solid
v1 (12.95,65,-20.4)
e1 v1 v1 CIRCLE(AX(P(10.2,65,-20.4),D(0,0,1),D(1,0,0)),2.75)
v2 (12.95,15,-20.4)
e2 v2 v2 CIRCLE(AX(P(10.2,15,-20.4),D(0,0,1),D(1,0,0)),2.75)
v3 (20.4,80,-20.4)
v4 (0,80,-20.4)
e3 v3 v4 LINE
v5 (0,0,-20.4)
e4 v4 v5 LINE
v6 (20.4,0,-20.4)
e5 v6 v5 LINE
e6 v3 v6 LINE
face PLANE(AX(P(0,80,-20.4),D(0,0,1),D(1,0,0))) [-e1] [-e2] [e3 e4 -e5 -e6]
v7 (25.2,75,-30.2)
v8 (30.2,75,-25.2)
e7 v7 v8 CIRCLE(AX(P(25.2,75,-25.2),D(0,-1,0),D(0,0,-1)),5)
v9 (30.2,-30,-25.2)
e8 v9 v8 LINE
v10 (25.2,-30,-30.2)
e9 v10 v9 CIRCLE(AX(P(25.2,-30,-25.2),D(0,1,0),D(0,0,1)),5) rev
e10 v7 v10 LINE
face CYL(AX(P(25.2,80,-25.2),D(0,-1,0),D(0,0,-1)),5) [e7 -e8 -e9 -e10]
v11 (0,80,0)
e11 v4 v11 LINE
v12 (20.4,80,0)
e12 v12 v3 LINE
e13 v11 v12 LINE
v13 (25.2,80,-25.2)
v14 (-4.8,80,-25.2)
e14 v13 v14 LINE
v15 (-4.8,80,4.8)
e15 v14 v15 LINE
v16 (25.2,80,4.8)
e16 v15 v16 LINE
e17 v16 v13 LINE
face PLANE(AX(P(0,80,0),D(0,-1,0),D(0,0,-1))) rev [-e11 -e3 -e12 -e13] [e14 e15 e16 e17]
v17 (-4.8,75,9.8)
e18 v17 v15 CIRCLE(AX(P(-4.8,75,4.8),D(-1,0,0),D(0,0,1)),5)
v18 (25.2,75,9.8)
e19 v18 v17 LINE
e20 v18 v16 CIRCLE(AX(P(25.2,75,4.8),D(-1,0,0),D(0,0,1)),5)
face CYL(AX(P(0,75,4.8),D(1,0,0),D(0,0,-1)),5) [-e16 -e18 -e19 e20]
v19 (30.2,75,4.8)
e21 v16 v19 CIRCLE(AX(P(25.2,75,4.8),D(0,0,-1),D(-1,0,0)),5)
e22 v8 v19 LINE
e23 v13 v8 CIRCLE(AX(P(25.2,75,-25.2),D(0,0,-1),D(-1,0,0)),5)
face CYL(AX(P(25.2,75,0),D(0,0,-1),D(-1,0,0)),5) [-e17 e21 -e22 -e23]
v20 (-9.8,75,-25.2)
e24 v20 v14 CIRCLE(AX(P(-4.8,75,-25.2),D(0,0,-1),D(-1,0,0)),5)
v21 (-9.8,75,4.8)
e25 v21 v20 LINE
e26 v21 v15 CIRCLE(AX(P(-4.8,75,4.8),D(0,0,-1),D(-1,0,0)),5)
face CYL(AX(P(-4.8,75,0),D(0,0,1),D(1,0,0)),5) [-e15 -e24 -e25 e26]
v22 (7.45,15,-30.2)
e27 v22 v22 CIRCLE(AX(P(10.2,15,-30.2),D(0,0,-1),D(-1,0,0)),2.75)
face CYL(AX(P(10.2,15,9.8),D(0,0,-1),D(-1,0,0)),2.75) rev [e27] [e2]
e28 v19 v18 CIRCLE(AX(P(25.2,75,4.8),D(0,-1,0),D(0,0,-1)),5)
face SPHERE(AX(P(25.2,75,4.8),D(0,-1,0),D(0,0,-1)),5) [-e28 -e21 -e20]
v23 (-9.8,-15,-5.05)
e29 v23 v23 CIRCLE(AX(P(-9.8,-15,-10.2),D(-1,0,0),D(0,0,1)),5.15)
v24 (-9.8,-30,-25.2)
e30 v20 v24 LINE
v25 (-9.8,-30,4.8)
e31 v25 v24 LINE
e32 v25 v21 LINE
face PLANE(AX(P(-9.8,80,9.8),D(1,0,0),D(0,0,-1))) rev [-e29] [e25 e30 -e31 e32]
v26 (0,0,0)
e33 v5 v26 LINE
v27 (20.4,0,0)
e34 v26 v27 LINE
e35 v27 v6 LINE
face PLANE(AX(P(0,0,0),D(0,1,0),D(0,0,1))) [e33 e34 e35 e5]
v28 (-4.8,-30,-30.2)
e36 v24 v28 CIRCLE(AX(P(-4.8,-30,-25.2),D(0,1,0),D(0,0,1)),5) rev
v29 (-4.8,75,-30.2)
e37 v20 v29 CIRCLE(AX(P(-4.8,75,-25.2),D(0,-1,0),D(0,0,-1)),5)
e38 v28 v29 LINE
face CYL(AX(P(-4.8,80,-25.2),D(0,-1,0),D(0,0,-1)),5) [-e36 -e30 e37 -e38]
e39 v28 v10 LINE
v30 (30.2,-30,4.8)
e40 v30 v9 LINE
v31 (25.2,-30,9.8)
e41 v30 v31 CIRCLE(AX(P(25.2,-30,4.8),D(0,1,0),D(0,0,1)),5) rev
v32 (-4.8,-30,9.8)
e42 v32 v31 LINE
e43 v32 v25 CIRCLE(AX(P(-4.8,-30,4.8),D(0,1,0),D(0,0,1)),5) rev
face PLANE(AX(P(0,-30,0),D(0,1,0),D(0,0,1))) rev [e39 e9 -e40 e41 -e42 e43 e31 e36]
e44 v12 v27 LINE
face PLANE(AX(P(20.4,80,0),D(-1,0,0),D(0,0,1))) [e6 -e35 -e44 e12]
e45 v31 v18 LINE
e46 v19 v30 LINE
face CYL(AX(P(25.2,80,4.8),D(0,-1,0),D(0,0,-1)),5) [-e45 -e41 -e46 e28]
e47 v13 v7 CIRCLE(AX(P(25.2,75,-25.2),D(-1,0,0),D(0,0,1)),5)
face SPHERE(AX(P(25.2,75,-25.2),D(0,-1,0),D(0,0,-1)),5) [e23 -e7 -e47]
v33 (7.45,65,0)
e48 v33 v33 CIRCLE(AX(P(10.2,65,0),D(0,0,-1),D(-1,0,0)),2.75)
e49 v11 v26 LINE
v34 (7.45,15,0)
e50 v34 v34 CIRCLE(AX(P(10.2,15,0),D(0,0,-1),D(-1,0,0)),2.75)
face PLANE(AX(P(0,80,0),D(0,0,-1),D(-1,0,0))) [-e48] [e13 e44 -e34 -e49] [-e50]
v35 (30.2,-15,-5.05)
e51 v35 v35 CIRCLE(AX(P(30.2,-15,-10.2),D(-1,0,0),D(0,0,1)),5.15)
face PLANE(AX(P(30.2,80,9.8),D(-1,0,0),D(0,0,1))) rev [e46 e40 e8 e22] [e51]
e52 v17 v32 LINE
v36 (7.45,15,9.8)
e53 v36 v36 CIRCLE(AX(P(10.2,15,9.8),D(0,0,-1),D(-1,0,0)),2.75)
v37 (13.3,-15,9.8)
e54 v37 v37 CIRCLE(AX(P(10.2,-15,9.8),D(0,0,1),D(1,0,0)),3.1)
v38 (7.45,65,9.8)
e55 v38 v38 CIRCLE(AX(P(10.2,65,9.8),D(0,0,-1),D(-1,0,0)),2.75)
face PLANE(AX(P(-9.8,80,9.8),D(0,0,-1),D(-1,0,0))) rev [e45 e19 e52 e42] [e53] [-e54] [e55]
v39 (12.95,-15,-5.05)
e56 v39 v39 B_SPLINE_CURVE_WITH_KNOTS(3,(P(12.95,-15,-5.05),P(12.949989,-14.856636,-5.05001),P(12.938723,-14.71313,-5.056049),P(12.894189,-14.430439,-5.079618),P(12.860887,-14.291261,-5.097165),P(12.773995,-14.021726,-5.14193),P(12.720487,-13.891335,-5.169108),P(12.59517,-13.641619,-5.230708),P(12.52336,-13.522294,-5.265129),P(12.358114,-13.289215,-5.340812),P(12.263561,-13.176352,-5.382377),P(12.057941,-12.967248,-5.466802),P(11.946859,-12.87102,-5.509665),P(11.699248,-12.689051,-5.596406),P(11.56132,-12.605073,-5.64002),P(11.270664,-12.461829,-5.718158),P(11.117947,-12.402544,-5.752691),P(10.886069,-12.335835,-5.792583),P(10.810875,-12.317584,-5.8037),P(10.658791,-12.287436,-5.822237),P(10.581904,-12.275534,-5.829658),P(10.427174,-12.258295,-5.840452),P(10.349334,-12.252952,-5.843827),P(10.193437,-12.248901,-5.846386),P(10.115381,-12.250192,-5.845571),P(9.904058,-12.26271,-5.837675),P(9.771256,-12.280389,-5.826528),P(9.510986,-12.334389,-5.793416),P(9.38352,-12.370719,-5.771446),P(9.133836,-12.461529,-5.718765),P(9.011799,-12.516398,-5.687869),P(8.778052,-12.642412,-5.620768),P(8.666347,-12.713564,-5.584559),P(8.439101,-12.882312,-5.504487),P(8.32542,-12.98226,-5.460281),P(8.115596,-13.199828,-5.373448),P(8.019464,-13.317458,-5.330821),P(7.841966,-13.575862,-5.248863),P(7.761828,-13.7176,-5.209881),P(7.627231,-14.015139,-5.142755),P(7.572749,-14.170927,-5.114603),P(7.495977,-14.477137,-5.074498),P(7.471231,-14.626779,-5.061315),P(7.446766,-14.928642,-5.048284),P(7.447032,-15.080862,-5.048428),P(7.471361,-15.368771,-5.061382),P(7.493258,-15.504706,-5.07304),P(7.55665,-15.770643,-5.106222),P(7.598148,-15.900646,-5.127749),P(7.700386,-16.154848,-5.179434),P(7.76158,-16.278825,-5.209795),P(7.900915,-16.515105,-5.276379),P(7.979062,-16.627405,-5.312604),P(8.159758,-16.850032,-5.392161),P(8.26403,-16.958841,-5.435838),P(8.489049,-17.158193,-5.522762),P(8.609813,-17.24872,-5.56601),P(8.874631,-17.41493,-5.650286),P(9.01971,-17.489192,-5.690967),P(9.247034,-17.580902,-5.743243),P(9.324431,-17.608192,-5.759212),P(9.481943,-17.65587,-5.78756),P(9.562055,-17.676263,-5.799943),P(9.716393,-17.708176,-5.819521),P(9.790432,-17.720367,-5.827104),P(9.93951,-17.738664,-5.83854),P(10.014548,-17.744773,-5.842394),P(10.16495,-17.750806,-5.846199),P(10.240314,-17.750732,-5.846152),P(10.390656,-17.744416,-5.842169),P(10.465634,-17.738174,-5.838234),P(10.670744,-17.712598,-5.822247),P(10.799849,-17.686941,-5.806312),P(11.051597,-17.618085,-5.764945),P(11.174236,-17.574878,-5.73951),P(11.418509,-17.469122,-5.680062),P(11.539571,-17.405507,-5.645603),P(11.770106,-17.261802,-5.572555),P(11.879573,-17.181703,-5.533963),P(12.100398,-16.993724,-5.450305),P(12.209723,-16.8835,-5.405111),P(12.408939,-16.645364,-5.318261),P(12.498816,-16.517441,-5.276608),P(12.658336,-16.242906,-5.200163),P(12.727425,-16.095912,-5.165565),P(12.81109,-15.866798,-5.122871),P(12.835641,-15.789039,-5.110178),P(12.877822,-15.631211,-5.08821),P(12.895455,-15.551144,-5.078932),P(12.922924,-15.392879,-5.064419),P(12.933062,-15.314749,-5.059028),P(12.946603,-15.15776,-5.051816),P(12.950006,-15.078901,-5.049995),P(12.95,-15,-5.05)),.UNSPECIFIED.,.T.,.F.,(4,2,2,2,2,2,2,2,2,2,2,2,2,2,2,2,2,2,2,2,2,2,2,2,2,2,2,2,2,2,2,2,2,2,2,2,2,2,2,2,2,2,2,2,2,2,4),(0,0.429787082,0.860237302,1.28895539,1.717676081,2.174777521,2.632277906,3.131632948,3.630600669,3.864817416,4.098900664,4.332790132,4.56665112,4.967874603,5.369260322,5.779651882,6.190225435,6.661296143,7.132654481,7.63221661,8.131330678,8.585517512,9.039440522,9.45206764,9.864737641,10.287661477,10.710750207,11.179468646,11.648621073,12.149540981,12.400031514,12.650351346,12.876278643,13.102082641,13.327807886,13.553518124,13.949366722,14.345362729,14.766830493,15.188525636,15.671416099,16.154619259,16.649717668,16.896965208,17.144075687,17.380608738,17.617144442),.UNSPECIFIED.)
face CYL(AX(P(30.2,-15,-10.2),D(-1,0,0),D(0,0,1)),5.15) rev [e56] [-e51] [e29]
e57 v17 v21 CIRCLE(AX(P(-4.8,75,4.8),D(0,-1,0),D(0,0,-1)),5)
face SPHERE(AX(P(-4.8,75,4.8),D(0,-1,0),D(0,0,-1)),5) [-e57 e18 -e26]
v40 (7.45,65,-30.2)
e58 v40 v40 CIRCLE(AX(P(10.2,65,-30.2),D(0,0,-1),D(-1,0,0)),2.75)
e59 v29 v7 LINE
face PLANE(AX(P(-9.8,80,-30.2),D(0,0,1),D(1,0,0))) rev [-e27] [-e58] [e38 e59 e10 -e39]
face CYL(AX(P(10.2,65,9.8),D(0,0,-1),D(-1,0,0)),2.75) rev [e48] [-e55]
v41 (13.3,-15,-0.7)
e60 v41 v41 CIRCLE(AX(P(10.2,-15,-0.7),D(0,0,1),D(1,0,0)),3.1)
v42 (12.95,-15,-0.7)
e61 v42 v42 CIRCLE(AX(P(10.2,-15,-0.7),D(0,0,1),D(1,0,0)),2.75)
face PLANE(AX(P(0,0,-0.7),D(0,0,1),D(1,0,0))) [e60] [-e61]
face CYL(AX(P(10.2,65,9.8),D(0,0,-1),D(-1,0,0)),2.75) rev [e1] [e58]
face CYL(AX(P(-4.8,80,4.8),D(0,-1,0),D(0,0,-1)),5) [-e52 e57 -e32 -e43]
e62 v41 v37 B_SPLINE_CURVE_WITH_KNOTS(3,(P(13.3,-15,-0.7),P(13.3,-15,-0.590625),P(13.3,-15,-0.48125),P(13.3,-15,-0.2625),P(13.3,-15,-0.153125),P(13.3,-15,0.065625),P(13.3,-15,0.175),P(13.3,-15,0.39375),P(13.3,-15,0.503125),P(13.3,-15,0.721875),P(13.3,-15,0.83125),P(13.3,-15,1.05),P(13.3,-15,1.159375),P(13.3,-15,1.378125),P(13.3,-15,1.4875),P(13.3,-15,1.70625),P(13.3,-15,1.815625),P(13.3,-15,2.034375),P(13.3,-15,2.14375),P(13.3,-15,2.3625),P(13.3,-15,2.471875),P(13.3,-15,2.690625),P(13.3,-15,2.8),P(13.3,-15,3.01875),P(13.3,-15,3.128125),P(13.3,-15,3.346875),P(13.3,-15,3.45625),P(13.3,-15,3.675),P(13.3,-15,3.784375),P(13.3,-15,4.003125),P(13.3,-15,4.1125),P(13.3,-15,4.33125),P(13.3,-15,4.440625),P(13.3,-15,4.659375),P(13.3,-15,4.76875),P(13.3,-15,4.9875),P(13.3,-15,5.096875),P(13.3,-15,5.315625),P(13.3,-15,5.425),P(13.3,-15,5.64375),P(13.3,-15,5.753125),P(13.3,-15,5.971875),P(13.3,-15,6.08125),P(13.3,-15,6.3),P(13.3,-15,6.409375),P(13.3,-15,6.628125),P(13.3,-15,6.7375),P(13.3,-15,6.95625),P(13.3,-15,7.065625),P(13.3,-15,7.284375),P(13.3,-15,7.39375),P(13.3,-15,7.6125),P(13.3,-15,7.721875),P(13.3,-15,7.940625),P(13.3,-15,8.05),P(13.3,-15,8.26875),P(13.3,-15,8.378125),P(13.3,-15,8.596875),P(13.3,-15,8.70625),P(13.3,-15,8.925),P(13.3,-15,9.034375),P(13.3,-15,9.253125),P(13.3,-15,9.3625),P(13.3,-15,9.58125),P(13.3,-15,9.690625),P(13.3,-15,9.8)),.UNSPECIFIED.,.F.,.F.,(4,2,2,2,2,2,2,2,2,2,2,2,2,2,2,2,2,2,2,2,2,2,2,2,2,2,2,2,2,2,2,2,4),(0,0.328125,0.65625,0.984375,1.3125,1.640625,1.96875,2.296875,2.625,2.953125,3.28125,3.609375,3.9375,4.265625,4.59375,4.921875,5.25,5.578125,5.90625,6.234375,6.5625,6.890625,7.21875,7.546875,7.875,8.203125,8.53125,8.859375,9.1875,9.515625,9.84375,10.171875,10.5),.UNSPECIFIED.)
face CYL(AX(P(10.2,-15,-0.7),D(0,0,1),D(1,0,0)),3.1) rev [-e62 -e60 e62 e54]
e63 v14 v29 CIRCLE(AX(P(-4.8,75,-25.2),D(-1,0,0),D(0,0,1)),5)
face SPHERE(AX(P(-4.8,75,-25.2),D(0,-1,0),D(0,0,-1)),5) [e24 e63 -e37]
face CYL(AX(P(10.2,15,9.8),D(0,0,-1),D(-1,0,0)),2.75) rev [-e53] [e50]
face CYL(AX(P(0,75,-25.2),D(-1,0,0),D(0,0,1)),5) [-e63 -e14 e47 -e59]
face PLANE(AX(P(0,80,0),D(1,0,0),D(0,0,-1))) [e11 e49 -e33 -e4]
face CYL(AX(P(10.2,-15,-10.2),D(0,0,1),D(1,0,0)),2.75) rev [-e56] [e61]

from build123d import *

# Parameters (mm, degrees)
SKETCH1_W               = 40
SKETCH1_H               = 40
SKETCH1_W_2             = 20.4
SKETCH1_H_2             = 20.4
BOSS_EXTRUDE1_DEPTH     = 80
SKETCH1_2_W             = 40
SKETCH1_2_H             = 40
BOSS_EXTRUDE2_DEPTH     = 30
CUT_EXTRUDE1_DEPTH      = 91.68671347
CUT_EXTRUDE1_DEPTH_BACK = 91.68671347
SKETCH2_R               = 2.75
SKETCH3_R               = 5.15
CUT_EXTRUDE4_DEPTH      = 95.403601626
FILLET1_R               = 5
SKETCH4_R               = 3.1
CUT_EXTRUDE6_DEPTH      = 10.5
SKETCH4_3_R             = 2.75
CUT_EXTRUDE7_DEPTH      = 20
FILLET2_R               = 5


with BuildPart() as part:
    # Sketch1 → Boss-Extrude1 (new body)
    with BuildSketch(Plane(origin=(0, 0, 0), x_dir=(1, 0, 0), z_dir=(0, 1, 0))):
        with Locations((10.2, 10.2)):
            Rectangle(SKETCH1_W, SKETCH1_H)
        with Locations((10.2, 10.2)):
            Rectangle(SKETCH1_W_2, SKETCH1_H_2, mode=Mode.SUBTRACT)
    extrude(amount=BOSS_EXTRUDE1_DEPTH)

    # Sketch1<2> → Boss-Extrude2 (add)
    with BuildSketch(Plane(origin=(0, 0, 0), x_dir=(1, 0, 0), z_dir=(0, 1, 0))):
        with Locations((10.2, 10.2)):
            Rectangle(SKETCH1_2_W, SKETCH1_2_H)
    extrude(amount=-BOSS_EXTRUDE2_DEPTH)

    # Sketch2 → Cut-Extrude1 (cut, two sides: drawn at the far end of the back side and taken through both)
    with BuildSketch(Plane(origin=(0, 0, 0), x_dir=(-1, 0, 0), z_dir=(0, 0, -1)).offset(-CUT_EXTRUDE1_DEPTH_BACK)):
        with Locations((-10.2, 15)):
            Circle(SKETCH2_R)
        with Locations((-10.2, 65)):
            Circle(SKETCH2_R)
    extrude(amount=CUT_EXTRUDE1_DEPTH + CUT_EXTRUDE1_DEPTH_BACK, mode=Mode.SUBTRACT)

    # Sketch3 → Cut-Extrude4 (cut, through all)
    with BuildSketch(Plane.ZY.offset(9.8)):
        with Locations((-10.2, -15)):
            Circle(SKETCH3_R)
    extrude(amount=-CUT_EXTRUDE4_DEPTH, mode=Mode.SUBTRACT)

    # Fillet1
    fillet1_edges = [part.edges().sort_by_distance(p)[0] for p in [
        (-9.8, 25, -30.2),
        (-9.8, 25, 9.8),
        (30.2, 25, 9.8),
        (30.2, 25, -30.2),
    ]]
    fillet(fillet1_edges, radius=FILLET1_R)

    # Sketch4 → Cut-Extrude6 (cut)
    with BuildSketch(Plane.XY.offset(9.8)):
        with Locations((10.2, -15)):
            Circle(SKETCH4_R)
    extrude(amount=-CUT_EXTRUDE6_DEPTH, mode=Mode.SUBTRACT)

    # Sketch4<3> → Cut-Extrude7 (cut)
    with BuildSketch(Plane.XY.offset(9.8)):
        with Locations((10.2, -15)):
            Circle(SKETCH4_3_R)
    extrude(amount=-CUT_EXTRUDE7_DEPTH, mode=Mode.SUBTRACT)

    # Fillet2
    fillet2_edges = [part.edges().sort_by_distance(p)[0] for p in [
        (-8.335533906, 80, -28.735533906),
        (10.2, 80, -30.2),
        (28.735533906, 80, -28.735533906),
        (30.2, 80, -10.2),
        (28.735533906, 80, 8.335533906),
        (10.2, 80, 9.8),
        (-8.335533906, 80, 8.335533906),
        (-9.8, 80, -10.2),
    ]]
    fillet(fillet2_edges, radius=FILLET2_R)


solid = part.part
